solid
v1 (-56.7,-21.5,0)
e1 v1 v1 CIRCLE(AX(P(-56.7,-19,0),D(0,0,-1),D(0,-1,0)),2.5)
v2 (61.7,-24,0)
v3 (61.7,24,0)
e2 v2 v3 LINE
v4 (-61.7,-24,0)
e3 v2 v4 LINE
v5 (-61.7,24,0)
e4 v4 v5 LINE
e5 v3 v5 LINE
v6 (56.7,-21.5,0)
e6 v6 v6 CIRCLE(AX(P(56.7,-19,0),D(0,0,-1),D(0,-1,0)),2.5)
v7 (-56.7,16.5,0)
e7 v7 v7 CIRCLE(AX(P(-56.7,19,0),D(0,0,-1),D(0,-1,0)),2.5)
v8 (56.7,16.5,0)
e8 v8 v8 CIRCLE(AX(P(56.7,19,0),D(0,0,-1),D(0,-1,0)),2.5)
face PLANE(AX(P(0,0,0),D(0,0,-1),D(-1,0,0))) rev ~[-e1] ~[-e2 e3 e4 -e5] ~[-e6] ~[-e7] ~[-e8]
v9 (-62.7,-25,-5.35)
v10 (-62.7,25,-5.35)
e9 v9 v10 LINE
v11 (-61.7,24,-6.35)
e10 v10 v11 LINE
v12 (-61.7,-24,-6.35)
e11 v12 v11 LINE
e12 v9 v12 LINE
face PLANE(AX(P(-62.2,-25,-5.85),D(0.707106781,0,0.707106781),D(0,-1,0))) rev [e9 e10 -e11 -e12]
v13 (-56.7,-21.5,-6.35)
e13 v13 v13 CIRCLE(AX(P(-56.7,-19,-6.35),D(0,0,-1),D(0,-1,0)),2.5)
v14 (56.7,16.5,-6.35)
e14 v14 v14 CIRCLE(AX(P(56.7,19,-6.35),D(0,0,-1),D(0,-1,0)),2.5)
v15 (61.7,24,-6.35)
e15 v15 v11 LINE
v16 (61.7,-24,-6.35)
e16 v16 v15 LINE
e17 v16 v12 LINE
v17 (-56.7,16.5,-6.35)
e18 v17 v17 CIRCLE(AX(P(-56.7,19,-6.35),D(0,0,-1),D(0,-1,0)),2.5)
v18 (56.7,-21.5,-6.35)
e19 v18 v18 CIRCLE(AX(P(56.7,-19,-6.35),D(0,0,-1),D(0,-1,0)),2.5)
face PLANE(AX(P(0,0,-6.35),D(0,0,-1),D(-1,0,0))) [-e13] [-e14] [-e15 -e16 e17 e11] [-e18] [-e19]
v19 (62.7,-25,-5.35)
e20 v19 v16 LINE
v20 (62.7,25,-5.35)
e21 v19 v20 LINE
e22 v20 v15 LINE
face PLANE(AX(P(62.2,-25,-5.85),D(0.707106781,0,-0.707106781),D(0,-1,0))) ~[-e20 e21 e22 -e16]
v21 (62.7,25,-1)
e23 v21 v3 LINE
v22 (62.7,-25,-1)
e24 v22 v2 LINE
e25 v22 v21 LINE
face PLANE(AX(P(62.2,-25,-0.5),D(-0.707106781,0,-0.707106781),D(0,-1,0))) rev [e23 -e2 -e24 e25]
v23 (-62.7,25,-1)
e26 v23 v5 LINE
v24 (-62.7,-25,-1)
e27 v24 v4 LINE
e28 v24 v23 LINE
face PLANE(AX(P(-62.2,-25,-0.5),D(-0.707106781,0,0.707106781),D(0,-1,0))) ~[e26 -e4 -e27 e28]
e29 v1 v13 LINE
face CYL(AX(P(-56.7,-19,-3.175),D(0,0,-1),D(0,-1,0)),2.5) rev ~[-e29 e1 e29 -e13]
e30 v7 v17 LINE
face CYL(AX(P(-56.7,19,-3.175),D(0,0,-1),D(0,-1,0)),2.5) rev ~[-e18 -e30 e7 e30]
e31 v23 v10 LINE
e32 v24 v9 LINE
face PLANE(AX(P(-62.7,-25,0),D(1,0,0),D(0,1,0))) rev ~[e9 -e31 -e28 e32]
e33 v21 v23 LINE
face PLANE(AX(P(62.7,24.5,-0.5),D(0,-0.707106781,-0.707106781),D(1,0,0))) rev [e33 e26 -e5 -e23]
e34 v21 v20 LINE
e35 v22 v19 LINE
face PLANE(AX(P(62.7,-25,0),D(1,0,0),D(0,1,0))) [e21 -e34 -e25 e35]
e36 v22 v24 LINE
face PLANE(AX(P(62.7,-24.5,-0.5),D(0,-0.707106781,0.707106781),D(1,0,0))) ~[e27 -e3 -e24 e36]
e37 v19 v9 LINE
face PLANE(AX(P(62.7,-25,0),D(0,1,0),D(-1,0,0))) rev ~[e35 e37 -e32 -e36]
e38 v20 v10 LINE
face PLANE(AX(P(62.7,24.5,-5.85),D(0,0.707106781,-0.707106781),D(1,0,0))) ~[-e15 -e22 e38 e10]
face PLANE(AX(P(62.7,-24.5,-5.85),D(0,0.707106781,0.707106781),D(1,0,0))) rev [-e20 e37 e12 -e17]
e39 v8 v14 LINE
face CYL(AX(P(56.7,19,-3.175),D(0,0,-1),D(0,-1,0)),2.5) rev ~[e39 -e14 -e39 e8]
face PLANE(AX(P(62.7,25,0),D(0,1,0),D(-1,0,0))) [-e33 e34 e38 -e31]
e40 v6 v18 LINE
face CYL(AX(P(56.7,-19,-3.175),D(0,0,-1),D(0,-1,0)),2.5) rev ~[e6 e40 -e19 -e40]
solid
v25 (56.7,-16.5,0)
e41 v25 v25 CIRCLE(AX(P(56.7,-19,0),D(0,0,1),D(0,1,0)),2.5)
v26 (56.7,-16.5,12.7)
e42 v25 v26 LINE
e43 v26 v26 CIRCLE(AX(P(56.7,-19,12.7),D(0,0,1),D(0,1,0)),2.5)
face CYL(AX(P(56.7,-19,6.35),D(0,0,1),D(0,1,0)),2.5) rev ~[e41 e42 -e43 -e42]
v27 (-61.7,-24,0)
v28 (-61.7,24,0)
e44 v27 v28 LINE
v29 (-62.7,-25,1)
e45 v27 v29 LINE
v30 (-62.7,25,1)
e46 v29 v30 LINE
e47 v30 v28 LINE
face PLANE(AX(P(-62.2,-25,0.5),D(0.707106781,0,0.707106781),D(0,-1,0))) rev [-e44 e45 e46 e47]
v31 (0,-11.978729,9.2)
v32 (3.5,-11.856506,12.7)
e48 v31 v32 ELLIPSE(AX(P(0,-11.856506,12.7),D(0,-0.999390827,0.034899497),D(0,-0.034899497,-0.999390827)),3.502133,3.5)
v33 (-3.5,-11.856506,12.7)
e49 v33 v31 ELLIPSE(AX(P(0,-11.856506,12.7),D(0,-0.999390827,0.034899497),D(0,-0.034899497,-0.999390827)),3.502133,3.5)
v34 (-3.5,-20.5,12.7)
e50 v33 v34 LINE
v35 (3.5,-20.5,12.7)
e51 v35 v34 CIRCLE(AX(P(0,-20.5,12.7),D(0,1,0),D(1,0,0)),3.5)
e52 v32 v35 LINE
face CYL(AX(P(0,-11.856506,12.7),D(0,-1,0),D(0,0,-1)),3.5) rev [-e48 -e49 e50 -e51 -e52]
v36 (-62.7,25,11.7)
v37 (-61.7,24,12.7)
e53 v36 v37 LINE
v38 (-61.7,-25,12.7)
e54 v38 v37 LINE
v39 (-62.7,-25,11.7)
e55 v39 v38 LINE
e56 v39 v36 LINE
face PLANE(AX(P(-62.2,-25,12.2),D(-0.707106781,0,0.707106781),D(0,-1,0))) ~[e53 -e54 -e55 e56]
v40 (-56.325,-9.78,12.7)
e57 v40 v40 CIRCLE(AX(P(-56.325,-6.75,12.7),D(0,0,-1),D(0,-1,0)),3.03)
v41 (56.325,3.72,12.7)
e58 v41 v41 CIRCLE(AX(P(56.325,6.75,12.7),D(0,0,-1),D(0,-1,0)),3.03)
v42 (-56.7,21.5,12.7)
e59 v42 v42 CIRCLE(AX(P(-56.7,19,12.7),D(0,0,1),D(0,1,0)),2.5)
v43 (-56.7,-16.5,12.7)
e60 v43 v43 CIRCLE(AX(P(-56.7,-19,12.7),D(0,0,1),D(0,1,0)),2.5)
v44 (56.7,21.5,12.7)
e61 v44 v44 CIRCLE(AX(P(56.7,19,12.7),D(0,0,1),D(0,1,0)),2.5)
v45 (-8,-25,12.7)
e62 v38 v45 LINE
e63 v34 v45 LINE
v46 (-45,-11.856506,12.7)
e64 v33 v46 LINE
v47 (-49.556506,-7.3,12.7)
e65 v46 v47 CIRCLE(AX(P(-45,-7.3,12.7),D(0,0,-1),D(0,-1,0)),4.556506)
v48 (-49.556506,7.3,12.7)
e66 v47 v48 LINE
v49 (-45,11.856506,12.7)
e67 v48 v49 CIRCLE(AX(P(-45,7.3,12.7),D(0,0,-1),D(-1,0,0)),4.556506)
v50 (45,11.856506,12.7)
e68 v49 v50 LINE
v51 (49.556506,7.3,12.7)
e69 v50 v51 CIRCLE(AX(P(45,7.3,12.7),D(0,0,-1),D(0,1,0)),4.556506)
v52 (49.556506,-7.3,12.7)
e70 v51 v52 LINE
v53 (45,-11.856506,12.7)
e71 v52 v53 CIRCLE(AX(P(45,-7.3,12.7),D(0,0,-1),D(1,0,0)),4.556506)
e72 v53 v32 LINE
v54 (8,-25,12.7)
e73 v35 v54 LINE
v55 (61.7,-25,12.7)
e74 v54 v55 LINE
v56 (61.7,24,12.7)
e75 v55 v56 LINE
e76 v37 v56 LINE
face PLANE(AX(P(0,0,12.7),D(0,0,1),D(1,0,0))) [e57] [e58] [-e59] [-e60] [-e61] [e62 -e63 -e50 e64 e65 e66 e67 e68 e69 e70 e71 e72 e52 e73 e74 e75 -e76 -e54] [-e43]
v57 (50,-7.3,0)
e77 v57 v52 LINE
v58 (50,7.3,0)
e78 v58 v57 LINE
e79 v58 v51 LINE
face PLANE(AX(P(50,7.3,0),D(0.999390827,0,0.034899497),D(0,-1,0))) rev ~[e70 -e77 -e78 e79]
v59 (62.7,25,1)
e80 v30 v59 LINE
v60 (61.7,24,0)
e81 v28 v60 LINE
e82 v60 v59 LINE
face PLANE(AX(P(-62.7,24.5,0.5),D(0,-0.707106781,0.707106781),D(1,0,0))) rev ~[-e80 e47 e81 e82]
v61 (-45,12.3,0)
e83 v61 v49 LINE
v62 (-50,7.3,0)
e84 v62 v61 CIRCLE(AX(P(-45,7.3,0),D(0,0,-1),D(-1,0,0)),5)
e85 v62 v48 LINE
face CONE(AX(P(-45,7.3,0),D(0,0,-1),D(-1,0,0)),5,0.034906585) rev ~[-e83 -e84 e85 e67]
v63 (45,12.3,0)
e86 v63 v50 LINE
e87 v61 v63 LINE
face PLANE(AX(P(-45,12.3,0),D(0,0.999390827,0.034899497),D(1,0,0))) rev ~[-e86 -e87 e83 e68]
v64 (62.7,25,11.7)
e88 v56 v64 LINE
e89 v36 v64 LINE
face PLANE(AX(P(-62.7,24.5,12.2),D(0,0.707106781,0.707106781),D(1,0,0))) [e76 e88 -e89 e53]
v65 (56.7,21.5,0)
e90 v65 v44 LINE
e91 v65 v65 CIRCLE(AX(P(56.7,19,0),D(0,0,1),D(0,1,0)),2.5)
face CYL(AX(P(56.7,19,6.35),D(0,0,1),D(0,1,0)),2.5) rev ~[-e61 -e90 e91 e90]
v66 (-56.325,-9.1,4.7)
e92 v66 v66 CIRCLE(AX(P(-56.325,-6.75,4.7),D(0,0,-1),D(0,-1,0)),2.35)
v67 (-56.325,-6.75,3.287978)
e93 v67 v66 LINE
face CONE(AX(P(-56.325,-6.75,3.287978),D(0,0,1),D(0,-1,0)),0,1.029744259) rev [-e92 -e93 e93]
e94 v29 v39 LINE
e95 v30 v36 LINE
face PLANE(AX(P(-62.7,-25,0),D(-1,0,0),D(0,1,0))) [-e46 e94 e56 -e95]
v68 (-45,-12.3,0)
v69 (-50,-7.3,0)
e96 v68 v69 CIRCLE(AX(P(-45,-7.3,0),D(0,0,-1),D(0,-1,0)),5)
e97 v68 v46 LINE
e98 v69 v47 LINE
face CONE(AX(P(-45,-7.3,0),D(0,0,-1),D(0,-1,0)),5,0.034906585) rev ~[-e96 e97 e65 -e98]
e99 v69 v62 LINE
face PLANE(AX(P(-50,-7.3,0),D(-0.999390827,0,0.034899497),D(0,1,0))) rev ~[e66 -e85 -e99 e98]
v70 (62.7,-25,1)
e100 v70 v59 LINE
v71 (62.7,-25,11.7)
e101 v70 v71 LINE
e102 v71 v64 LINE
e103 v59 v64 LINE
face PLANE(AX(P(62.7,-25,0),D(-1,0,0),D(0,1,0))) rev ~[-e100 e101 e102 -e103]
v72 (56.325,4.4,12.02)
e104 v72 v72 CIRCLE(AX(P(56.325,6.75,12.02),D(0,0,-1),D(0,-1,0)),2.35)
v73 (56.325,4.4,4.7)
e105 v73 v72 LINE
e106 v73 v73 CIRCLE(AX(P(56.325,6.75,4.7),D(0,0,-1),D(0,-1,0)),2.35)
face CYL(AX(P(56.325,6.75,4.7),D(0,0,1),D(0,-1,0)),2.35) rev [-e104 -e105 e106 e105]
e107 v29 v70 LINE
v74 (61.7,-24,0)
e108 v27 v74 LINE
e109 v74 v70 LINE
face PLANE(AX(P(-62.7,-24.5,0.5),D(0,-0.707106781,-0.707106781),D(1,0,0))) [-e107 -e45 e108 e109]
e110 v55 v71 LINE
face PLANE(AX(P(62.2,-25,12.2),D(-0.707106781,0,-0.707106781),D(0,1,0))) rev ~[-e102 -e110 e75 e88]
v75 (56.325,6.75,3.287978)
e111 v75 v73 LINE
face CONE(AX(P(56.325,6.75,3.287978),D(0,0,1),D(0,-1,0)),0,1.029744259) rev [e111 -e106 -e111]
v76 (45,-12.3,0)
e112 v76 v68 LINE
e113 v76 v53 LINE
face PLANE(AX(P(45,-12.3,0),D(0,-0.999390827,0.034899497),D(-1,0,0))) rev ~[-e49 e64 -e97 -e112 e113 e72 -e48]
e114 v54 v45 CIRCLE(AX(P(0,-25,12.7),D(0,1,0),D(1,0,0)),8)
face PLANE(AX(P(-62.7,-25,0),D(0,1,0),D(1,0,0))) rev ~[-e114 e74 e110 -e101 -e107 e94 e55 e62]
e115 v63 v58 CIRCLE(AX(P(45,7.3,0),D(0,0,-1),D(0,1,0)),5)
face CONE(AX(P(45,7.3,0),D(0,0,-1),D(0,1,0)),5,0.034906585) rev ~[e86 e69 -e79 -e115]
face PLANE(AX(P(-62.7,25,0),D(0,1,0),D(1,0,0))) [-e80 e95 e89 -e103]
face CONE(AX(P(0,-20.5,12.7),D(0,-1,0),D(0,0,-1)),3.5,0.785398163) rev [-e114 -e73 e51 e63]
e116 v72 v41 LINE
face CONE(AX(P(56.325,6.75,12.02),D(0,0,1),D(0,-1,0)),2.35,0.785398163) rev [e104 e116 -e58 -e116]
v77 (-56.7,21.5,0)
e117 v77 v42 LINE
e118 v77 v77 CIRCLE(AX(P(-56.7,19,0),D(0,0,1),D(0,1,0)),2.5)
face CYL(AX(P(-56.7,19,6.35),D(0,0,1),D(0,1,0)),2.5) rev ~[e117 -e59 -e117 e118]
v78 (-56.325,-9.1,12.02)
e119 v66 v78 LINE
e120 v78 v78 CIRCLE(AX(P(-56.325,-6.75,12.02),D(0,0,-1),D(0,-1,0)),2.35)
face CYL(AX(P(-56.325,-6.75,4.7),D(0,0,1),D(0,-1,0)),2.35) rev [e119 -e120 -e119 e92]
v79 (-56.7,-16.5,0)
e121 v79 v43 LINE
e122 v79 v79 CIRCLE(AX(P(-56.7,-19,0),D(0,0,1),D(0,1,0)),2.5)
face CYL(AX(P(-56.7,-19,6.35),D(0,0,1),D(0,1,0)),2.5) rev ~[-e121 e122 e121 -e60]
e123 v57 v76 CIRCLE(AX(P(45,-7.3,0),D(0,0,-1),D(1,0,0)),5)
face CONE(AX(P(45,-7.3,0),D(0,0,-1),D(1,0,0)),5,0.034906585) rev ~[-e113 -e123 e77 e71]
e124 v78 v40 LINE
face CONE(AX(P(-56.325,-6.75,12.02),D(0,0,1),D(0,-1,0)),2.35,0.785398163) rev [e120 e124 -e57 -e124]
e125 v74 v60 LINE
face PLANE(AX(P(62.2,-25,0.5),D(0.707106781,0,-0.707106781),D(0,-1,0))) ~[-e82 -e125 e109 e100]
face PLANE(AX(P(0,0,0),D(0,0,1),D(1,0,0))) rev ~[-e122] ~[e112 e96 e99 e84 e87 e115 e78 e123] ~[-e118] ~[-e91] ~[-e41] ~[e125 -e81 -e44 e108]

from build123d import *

# Parameters (mm, degrees)
MOLDSKETCH_W                         = 125.4
MOLDSKETCH_H                         = 50
MOLDEXTRUSION12_7MM_DEPTH            = 12.7
COVERSKETCH_W                        = 125.4
COVERSKETCH_H                        = 50
COVERTHICKNESS_DEPTH                 = 6.35
MOLD2DEGDRAFT_ANGLE                  = 2
F_6_0MM_DOWEL_HOLES_AT_2_COUNT       = 2
F_6_0MM_DOWEL_HOLES_AT_2_PITCH       = 113.456037741
CHAMFER1_SIZE                        = 1
SKETCH9_W                            = 2.5
SKETCH9_H                            = 12.7
TAP_DRILL_FOR_M6X1_0_TAP1_AT_2_COUNT = 2
TAP_DRILL_FOR_M6X1_0_TAP1_AT_2_PITCH = 113.4
TAP_DRILL_FOR_M6X1_0_TAP1_AT_3_COUNT = 2
TAP_DRILL_FOR_M6X1_0_TAP1_AT_3_PITCH = 119.597491612
TAP_DRILL_FOR_M6X1_0_TAP1_AT_4_COUNT = 2
TAP_DRILL_FOR_M6X1_0_TAP1_AT_4_PITCH = 38
COVERCHAMFER_SIZE                    = 1
SKETCH11_W                           = 2.5
SKETCH11_H                           = 6.35
TAP_DRILL_FOR_M6X1_0_TAP2_AT_2_COUNT = 2
TAP_DRILL_FOR_M6X1_0_TAP2_AT_2_PITCH = 113.4
TAP_DRILL_FOR_M6X1_0_TAP2_AT_3_COUNT = 2
TAP_DRILL_FOR_M6X1_0_TAP2_AT_3_PITCH = 119.597491612
TAP_DRILL_FOR_M6X1_0_TAP2_AT_4_COUNT = 2
TAP_DRILL_FOR_M6X1_0_TAP2_AT_4_PITCH = 38


with BuildPart() as part:
    # MoldSketch → MoldExtrusion12.7mm (new body)
    with BuildSketch(Plane.XY):
        Rectangle(MOLDSKETCH_W, MOLDSKETCH_H)
        with BuildLine():
            Line((-45, 12.3), (45, 12.3))
            ThreePointArc((45, 12.3), (48.535533906, 10.835533906), (50, 7.3))
            Line((50, 7.3), (50, -7.3))
            ThreePointArc((50, -7.3), (48.535533906, -10.835533906), (45, -12.3))
            Line((45, -12.3), (-45, -12.3))
            ThreePointArc((-45, -12.3), (-48.535533906, -10.835533906), (-50, -7.3))
            Line((-50, -7.3), (-50, 7.3))
            ThreePointArc((-50, 7.3), (-48.535533906, 10.835533906), (-45, 12.3))
        make_face(mode=Mode.SUBTRACT)
    extrude(amount=MOLDEXTRUSION12_7MM_DEPTH)

    # Mold2DegDraft
    mold2degdraft_faces = [part.faces().sort_by_distance(p)[0] for p in [
        (48.535533906, -10.835533906, 6.35),
        (50, 0, 6.35),
        (48.535533906, 10.835533906, 6.35),
        (0, 12.3, 6.35),
        (-48.535533906, 10.835533906, 6.35),
        (-50, 0, 6.35),
        (-48.535533906, -10.835533906, 6.35),
        (0, -12.3, 6.35),
    ]]
    draft(mold2degdraft_faces, Plane(origin=(0, 0, 0), x_dir=(-1, 0, 0), z_dir=(0, 0, -1)), MOLD2DEGDRAFT_ANGLE)

    # Sketch7 → Ø6.0mm Dowel Holes (revolve, cut)
    with BuildSketch(Plane(origin=(-56.325, -6.75, 12.7), x_dir=(0, -1, 0), z_dir=(1, 0, 0))):
        Polygon((0, 0), (0, 9.412022455), (2.35, 8), (2.35, 0.68), (3.03, 0), align=None)
    f_6_0mm_dowel_holes = revolve(axis=Axis((-56.325, -6.75, 19.05), (0, 0, -1)), mode=Mode.SUBTRACT)

    # Ø6.0mm Dowel Holes at 2: Ø6.0mm Dowel Holes ×2
    with Locations(*[Vector(0.9928955941213675, 0.11898881953518381, 0) * (i * F_6_0MM_DOWEL_HOLES_AT_2_PITCH) for i in range(1, F_6_0MM_DOWEL_HOLES_AT_2_COUNT)]):
        add(f_6_0mm_dowel_holes, mode=Mode.SUBTRACT)

    # InjectionHole → CSK for M6 Flat Head Machine Screw1 (revolve, cut)
    with BuildSketch(Plane(origin=(0, -25, 12.7), x_dir=(0, 0, -1), z_dir=(1, 0, 0))):
        Polygon((0, 0), (0, 13.143493773), (3.5, 13.143493773), (3.5, 4.5), (8, 0), align=None)
    revolve(axis=Axis((0, -31.35, 12.7), (0, 1, 0)), mode=Mode.SUBTRACT)

    # Chamfer1
    chamfer1_edges = [part.edges().sort_by_distance(p)[0] for p in [
        (-62.7, 0, 12.7),
        (62.7, 0, 12.7),
        (0, -25, 0),
        (-62.7, 0, 0),
        (0, 25, 0),
        (62.7, 0, 0),
        (0, 25, 12.7),
    ]]
    chamfer(chamfer1_edges, length=CHAMFER1_SIZE)

    # Sketch9 → Tap Drill for M6x1.0 Tap1 (revolve, cut)
    with BuildSketch(Plane(origin=(56.7, 19, 0), x_dir=(0, 1, 0), z_dir=(1, 0, 0))):
        with Locations((1.25, 6.35)):
            Rectangle(SKETCH9_W, SKETCH9_H)
    tap_drill_for_m6x1_0_tap1 = revolve(axis=Axis((56.7, 19, -6.35), (0, 0, 1)), mode=Mode.SUBTRACT)

    # Tap Drill for M6x1.0 Tap1 at 2: Tap Drill for M6x1.0 Tap1 ×2
    with Locations(*[(-i * TAP_DRILL_FOR_M6X1_0_TAP1_AT_2_PITCH, 0, 0) for i in range(1, TAP_DRILL_FOR_M6X1_0_TAP1_AT_2_COUNT)]):
        add(tap_drill_for_m6x1_0_tap1, mode=Mode.SUBTRACT)

    # Tap Drill for M6x1.0 Tap1 at 3: Tap Drill for M6x1.0 Tap1 ×2
    with Locations(*[Vector(-0.9481804214374986, -0.3177324163547175, 0) * (i * TAP_DRILL_FOR_M6X1_0_TAP1_AT_3_PITCH) for i in range(1, TAP_DRILL_FOR_M6X1_0_TAP1_AT_3_COUNT)]):
        add(tap_drill_for_m6x1_0_tap1, mode=Mode.SUBTRACT)

    # Tap Drill for M6x1.0 Tap1 at 4: Tap Drill for M6x1.0 Tap1 ×2
    with Locations(*[(0, -i * TAP_DRILL_FOR_M6X1_0_TAP1_AT_4_PITCH, 0) for i in range(1, TAP_DRILL_FOR_M6X1_0_TAP1_AT_4_COUNT)]):
        add(tap_drill_for_m6x1_0_tap1, mode=Mode.SUBTRACT)


with BuildPart() as body_2:
    # CoverSketch → CoverThickness (new body)
    with BuildSketch(Plane(origin=(0, 0, 0), x_dir=(-1, 0, 0), z_dir=(0, 0, -1))):
        Rectangle(COVERSKETCH_W, COVERSKETCH_H)
    extrude(amount=COVERTHICKNESS_DEPTH)

    # CoverChamfer
    coverchamfer_edges = [body_2.edges().sort_by_distance(p)[0] for p in [
        (-62.7, 0, -6.35),
        (0, 25, -6.35),
        (62.7, 0, -6.35),
        (0, 25, 0),
        (-62.7, 0, 0),
        (0, -25, 0),
        (62.7, 0, 0),
        (0, -25, -6.35),
    ]]
    chamfer(coverchamfer_edges, length=COVERCHAMFER_SIZE)

    # Sketch11 → Tap Drill for M6x1.0 Tap2 (revolve, cut)
    with BuildSketch(Plane(origin=(-56.7, 19, 0), x_dir=(0, -1, 0), z_dir=(1, 0, 0))):
        with Locations((1.25, 3.175)):
            Rectangle(SKETCH11_W, SKETCH11_H)
    tap_drill_for_m6x1_0_tap2 = revolve(axis=Axis((-56.7, 19, 6.35), (0, 0, -1)), mode=Mode.SUBTRACT)

    # Tap Drill for M6x1.0 Tap2 at 2: Tap Drill for M6x1.0 Tap2 ×2
    with Locations(*[(i * TAP_DRILL_FOR_M6X1_0_TAP2_AT_2_PITCH, 0, 0) for i in range(1, TAP_DRILL_FOR_M6X1_0_TAP2_AT_2_COUNT)]):
        add(tap_drill_for_m6x1_0_tap2, mode=Mode.SUBTRACT)

    # Tap Drill for M6x1.0 Tap2 at 3: Tap Drill for M6x1.0 Tap2 ×2
    with Locations(*[Vector(0.9481804214374986, -0.3177324163547175, 0) * (i * TAP_DRILL_FOR_M6X1_0_TAP2_AT_3_PITCH) for i in range(1, TAP_DRILL_FOR_M6X1_0_TAP2_AT_3_COUNT)]):
        add(tap_drill_for_m6x1_0_tap2, mode=Mode.SUBTRACT)

    # Tap Drill for M6x1.0 Tap2 at 4: Tap Drill for M6x1.0 Tap2 ×2
    with Locations(*[(0, -i * TAP_DRILL_FOR_M6X1_0_TAP2_AT_4_PITCH, 0) for i in range(1, TAP_DRILL_FOR_M6X1_0_TAP2_AT_4_COUNT)]):
        add(tap_drill_for_m6x1_0_tap2, mode=Mode.SUBTRACT)


solid = Compound([part.part, body_2.part])
